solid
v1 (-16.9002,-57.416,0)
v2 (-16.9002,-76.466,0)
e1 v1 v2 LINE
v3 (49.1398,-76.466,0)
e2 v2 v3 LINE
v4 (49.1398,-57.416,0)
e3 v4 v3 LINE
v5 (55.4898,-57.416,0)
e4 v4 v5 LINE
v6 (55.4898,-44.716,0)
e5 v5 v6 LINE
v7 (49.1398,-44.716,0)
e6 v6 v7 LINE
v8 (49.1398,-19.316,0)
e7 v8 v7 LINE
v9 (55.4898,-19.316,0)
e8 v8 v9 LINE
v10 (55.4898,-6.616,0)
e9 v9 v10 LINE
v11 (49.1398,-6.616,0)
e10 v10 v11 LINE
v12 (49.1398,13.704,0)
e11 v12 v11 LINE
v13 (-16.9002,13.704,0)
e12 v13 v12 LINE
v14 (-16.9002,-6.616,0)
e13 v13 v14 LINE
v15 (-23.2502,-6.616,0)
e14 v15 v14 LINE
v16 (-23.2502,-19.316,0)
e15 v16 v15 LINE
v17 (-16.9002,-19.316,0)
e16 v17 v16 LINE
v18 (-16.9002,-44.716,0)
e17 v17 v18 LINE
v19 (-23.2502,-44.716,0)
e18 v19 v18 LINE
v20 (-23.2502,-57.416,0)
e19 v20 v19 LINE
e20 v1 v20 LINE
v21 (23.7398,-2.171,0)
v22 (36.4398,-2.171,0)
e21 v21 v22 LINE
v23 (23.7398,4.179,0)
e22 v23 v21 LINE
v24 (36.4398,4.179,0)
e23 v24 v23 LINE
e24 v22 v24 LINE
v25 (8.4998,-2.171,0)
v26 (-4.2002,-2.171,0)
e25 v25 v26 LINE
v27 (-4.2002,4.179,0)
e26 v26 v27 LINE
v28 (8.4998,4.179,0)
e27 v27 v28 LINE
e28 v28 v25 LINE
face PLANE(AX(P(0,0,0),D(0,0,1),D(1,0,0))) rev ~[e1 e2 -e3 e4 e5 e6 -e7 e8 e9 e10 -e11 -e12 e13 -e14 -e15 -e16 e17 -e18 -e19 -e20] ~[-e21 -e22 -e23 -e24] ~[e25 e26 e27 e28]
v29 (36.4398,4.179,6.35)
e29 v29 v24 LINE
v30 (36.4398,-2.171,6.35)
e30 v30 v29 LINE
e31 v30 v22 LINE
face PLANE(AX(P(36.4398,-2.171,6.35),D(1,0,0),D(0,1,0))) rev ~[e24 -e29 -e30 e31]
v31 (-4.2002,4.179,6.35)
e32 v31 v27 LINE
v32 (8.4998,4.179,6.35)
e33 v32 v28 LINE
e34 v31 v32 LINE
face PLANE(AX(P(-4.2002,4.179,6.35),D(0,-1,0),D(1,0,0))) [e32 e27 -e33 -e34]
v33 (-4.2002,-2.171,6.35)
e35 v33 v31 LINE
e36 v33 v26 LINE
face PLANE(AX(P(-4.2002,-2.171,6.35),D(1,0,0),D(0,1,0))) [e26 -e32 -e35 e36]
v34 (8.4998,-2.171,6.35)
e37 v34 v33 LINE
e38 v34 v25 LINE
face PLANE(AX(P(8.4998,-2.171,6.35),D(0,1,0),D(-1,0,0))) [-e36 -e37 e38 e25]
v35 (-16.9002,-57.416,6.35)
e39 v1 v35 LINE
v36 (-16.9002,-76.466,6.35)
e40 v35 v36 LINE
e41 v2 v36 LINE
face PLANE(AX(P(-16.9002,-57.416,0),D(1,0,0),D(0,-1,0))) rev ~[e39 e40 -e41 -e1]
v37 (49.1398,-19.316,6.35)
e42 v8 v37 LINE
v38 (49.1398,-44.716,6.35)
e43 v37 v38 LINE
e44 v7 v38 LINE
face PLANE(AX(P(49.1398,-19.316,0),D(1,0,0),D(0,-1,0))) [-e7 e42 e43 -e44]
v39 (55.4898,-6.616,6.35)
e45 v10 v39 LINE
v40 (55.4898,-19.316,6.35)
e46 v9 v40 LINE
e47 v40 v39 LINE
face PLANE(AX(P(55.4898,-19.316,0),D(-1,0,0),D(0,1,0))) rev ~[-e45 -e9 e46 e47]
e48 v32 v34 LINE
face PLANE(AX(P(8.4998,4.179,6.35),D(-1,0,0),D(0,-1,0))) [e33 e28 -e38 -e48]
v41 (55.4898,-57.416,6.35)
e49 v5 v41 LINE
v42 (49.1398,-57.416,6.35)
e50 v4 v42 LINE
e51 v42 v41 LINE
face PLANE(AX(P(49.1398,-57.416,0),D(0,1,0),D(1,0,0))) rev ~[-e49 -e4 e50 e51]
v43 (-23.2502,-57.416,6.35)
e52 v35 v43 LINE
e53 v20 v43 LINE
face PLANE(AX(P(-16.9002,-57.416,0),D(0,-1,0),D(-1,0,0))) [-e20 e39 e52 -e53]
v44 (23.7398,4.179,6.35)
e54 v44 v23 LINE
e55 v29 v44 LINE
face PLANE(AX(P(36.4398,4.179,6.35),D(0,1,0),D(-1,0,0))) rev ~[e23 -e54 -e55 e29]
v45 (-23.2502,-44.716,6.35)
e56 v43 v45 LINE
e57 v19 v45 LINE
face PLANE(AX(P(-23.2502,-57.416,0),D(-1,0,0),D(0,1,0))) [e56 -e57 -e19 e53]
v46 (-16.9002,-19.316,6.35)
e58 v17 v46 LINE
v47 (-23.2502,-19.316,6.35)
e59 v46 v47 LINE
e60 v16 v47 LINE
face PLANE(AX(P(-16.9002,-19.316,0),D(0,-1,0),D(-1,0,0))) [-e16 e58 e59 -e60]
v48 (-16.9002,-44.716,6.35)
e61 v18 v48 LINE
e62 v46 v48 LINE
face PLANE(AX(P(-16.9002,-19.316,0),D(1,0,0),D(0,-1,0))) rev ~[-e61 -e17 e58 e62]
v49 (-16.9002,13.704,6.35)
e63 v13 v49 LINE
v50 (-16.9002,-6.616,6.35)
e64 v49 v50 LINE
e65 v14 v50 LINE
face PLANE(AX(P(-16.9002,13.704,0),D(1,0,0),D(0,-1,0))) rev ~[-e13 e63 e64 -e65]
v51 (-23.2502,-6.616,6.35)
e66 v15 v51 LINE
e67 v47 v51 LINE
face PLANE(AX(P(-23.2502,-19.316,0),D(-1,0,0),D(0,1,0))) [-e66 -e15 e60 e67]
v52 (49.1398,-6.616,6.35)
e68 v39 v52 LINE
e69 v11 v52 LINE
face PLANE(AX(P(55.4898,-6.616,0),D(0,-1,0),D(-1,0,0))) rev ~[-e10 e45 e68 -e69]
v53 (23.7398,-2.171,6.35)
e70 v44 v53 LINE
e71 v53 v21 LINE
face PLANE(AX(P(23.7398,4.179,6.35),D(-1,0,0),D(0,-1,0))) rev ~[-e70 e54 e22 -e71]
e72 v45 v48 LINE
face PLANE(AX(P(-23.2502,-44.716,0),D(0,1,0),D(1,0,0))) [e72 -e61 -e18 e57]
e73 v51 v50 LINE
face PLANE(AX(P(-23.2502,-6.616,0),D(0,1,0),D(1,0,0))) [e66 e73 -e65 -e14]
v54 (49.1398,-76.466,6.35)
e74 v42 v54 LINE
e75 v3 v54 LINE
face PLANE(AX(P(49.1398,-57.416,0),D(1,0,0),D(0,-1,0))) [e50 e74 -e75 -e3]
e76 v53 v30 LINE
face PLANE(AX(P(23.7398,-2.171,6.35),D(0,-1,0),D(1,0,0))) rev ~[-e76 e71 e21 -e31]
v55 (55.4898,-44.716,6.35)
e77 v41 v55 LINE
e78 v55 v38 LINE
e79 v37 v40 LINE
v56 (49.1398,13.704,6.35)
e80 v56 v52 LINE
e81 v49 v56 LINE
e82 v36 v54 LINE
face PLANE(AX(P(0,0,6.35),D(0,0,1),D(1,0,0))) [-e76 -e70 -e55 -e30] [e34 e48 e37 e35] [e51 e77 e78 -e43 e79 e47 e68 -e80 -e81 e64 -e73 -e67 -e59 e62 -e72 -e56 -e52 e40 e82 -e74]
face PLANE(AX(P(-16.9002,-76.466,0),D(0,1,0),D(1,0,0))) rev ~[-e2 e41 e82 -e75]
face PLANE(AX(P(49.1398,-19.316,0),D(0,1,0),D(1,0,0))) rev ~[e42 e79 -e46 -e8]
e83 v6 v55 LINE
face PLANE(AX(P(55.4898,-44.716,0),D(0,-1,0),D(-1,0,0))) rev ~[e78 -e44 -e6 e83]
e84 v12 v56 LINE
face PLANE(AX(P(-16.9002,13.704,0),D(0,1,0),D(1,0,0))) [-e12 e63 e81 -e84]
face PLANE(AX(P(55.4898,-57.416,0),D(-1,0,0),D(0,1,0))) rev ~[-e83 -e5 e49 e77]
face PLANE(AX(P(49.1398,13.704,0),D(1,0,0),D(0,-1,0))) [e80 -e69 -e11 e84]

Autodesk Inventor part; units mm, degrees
ref_plane "YZ Plane" through (0, 0, 0) normal (1, 0, 0) x (0, 1, 0)
ref_plane "XZ Plane" through (0, 0, 0) normal (0, 1, 0) x (-1, 0, 0)
ref_plane "XY Plane" through (0, 0, 0) normal (0, 0, 1) x (1, 0, 0)
sketch "Sketch1" plane through (0, 0, 0) normal (0, 0, 1) x (1, 0, 0)
  line L0 (-16.9002, 13.704) -> (49.1398, 13.704)
  line L1 (49.1398, 13.704) -> (49.1398, -76.466)
  line L2 (-16.9002, 13.704) -> (-16.9002, -76.466)
  line L3 (-16.9002, -76.466) -> (49.1398, -76.466)
  line L4 (49.1398, -76.466) -> (49.1398, -57.416)
  line L5 (49.1398, -57.416) -> (55.4898, -57.416)
  line L6 (55.4898, -57.416) -> (55.4898, -44.716)
  line L7 (55.4898, -44.716) -> (49.1398, -44.716)
  line L8 (49.1398, -44.716) -> (49.1398, -19.316)
  line L9 (49.1398, -19.316) -> (55.4898, -19.316)
  line L10 (55.4898, -19.316) -> (55.4898, -6.616)
  line L11 (55.4898, -6.616) -> (49.1398, -6.616)
  line L12 (-16.9002, -76.466) -> (-16.9002, -57.416)
  line L13 (-16.9002, -57.416) -> (-23.2502, -57.416)
  line L14 (-23.2502, -57.416) -> (-23.2502, -44.716)
  line L15 (-23.2502, -44.716) -> (-16.9002, -44.716)
  line L16 (-16.9002, -44.716) -> (-16.9002, -19.316)
  line L17 (-16.9002, -19.316) -> (-23.2502, -19.316)
  line L18 (-23.2502, -19.316) -> (-23.2502, -6.616)
  line L19 (-23.2502, -6.616) -> (-16.9002, -6.616)
  point P0 (0, 0)
  dimension "d0" = 66.04
  dimension "d1" = 90.17
  dimension "d2" = 90.17
  dimension "d3" = 19.05
  dimension "d4" = 6.35
  dimension "d5" = 12.7
  dimension "d6" = 25.4
  dimension "d7" = 6.35
  dimension "d8" = 12.7
  dimension "d9" = 19.05
  dimension "d10" = 6.35
  dimension "d11" = 12.7
  dimension "d12" = 25.4
  dimension "d13" = 12.7
extrude "Extrusion1" add sketch "Sketch1" along normal blind 6.35
sketch "Sketch2" plane through (0, 0, 6.35) normal (0, 0, 1) x (1, 0, 0)
  line L0 (-16.9002, 13.704) -> (49.1398, 13.704) projected
  line L1 (-16.9002, 13.704) -> (-4.2002, 13.704)
  line L2 (-4.2002, 13.704) -> (-4.2002, 4.179)
  line L3 (-4.2002, 4.179) -> (8.4998, 4.179)
  line L4 (8.4998, 4.179) -> (8.4998, -2.171)
  line L5 (8.4998, -2.171) -> (-4.2002, -2.171)
  line L6 (-4.2002, -2.171) -> (-4.2002, 4.179)
  line L7 (49.1398, 13.704) -> (36.4398, 13.704)
  line L8 (36.4398, 13.704) -> (36.4398, 4.179)
  line L9 (36.4398, 4.179) -> (23.7398, 4.179)
  line L10 (23.7398, 4.179) -> (23.7398, -2.171)
  line L11 (23.7398, -2.171) -> (36.4398, -2.171)
  line L12 (36.4398, -2.171) -> (36.4398, 4.179)
  point P0 (0, 0)
  dimension "d16" = 12.7
  dimension "d17" = 9.525
  dimension "d18" = 12.7
  dimension "d19" = 6.35
  dimension "d20" = 12.7
  dimension "d21" = 12.7
extrude "Extrusion2" cut sketch "Sketch2" against normal blind 25.4
properties part number "support"
